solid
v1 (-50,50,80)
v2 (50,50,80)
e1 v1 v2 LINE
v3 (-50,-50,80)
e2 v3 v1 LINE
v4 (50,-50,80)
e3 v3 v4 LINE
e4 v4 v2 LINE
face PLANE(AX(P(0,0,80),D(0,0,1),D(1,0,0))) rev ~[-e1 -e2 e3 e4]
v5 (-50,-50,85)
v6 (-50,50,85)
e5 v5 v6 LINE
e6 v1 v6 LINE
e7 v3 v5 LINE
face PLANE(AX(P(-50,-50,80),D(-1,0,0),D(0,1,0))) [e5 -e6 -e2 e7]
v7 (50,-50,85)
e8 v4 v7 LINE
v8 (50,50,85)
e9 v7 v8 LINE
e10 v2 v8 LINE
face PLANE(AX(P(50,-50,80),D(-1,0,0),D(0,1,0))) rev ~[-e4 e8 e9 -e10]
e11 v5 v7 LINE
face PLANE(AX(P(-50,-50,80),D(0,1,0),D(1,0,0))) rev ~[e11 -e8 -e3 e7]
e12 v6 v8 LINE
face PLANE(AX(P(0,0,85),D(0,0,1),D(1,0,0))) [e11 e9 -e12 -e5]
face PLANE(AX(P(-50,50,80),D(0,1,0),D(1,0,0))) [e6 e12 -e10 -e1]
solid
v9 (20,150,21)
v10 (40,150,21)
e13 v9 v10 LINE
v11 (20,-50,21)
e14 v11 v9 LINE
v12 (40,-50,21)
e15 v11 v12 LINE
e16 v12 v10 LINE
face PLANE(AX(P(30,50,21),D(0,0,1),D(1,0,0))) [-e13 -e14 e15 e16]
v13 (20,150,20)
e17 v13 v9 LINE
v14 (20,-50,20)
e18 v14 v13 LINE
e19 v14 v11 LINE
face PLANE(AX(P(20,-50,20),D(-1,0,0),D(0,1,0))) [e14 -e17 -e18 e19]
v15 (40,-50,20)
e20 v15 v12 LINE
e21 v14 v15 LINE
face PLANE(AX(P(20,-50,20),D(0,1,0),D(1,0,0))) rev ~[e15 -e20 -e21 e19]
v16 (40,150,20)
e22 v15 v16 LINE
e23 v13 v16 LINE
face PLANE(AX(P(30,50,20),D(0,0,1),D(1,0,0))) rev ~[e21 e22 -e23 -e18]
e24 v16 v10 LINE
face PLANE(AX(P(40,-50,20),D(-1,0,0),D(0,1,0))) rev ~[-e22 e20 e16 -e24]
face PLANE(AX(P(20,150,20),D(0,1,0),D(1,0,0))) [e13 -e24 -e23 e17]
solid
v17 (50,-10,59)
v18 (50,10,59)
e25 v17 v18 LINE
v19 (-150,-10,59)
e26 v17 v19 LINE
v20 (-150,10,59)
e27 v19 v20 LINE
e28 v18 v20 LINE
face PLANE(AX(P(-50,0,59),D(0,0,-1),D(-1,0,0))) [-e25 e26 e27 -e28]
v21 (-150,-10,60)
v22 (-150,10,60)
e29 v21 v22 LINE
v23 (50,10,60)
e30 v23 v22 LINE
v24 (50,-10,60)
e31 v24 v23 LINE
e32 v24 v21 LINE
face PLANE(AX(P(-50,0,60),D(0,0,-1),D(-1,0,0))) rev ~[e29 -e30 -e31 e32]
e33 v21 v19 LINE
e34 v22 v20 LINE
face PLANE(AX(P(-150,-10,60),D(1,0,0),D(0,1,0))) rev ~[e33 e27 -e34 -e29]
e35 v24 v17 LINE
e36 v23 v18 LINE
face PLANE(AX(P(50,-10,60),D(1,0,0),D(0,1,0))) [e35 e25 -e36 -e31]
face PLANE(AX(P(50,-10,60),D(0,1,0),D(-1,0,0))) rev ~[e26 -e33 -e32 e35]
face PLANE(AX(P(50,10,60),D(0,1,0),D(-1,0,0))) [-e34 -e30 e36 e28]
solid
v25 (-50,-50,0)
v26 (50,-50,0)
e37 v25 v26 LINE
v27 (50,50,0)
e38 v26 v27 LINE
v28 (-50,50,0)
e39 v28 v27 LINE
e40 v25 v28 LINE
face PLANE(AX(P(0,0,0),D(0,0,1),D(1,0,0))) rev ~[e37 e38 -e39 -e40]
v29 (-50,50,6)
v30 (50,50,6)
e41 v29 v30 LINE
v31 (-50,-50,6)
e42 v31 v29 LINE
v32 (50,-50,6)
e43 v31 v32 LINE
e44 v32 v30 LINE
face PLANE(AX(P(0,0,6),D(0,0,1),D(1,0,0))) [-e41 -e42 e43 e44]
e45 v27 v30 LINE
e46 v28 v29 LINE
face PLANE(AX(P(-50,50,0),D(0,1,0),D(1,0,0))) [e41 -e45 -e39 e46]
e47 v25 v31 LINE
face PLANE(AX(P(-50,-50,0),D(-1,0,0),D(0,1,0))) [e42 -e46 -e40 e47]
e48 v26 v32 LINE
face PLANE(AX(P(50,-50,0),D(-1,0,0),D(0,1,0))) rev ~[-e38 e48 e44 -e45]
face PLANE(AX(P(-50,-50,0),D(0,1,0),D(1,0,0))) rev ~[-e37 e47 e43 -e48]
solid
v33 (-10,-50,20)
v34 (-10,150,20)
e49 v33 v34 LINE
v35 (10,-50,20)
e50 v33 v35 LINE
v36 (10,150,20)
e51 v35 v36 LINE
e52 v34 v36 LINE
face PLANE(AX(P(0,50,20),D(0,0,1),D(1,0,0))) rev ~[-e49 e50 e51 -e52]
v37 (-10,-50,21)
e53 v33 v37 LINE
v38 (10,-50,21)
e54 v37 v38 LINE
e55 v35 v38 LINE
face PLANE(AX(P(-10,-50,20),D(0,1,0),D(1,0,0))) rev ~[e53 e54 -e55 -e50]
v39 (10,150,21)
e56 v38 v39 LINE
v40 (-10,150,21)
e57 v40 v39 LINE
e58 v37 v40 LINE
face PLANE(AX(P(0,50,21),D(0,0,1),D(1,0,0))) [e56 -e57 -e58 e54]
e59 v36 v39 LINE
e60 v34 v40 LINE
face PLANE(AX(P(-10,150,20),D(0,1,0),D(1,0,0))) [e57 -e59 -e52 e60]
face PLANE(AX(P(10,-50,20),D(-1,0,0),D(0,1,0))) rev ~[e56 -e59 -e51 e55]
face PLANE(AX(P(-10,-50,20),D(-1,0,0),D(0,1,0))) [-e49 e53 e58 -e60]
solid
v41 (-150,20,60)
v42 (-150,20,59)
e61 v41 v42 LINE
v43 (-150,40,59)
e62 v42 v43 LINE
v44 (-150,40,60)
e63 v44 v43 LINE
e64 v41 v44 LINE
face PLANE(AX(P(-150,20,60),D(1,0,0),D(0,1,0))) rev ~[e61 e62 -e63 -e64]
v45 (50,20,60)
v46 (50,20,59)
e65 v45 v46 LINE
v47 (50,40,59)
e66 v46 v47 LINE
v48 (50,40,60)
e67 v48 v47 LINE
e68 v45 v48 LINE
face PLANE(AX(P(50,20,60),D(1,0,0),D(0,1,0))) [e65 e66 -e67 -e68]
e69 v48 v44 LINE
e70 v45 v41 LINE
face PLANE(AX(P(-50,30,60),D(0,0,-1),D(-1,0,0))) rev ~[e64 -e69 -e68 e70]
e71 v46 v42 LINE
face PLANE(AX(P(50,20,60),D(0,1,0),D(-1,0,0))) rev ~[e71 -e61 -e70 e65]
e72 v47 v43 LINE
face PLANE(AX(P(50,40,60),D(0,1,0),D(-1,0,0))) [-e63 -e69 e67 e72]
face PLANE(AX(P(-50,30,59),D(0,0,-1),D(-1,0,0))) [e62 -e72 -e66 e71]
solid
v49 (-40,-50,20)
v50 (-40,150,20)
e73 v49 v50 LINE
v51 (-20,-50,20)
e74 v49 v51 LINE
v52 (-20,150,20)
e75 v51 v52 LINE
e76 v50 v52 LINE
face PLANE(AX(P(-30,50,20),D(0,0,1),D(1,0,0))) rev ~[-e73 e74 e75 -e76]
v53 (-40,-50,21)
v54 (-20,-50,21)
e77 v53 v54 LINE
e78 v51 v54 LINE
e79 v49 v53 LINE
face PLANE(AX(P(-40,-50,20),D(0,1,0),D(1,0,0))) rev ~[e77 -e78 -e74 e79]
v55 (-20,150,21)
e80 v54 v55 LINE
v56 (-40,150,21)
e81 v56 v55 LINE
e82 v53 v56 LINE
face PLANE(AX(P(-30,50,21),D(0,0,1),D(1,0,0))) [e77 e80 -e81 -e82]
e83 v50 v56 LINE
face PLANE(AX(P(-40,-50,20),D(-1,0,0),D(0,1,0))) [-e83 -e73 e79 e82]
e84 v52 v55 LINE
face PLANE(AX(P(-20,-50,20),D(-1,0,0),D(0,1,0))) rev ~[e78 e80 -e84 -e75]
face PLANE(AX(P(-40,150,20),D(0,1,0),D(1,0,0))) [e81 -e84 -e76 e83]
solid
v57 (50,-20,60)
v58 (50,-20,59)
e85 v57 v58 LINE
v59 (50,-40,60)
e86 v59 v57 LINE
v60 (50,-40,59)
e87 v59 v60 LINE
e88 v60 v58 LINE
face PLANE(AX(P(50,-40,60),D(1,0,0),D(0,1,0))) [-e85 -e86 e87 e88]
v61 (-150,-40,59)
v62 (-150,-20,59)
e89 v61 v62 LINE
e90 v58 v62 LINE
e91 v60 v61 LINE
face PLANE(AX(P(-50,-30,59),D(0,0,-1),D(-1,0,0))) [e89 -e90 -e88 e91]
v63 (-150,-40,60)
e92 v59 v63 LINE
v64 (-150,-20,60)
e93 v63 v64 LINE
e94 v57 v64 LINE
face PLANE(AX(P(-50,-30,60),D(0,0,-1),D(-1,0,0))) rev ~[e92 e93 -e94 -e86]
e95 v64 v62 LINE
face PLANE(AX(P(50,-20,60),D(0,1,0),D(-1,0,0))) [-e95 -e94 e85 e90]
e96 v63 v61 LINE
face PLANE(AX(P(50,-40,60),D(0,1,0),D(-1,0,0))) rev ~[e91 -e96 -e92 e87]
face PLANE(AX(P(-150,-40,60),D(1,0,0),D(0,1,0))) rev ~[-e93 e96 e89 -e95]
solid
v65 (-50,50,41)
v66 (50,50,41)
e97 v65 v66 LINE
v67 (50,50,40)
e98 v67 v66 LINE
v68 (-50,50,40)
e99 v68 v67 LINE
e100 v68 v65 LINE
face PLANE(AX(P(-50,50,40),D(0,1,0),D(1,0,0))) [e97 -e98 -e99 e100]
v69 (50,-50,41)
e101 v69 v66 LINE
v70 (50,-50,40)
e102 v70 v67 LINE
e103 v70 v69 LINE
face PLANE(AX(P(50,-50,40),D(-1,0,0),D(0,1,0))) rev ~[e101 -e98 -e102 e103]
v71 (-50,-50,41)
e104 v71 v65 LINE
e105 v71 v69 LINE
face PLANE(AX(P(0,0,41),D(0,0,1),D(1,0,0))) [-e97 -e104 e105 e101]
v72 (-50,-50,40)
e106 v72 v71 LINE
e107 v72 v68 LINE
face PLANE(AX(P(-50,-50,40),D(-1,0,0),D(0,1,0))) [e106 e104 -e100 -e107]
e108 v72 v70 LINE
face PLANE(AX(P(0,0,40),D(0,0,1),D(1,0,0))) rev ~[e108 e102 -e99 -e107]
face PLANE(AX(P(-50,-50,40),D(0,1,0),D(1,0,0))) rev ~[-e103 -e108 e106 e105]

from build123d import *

# Parameters (mm, degrees)
SZKIC1_W                      = 100
SZKIC1_H                      = 100
DODANIE_WYCI_GNI_CIE1_DEPTH   = 6
DODANIE_WYCI_GNI_CIE2_START   = 40
SZKIC1_2_W                    = 100
SZKIC1_2_H                    = 100
DODANIE_WYCI_GNI_CIE2_DEPTH   = 1
DODANIE_WYCI_GNI_CIE3_START   = 80
SZKIC1_3_W                    = 100
SZKIC1_3_H                    = 100
DODANIE_WYCI_GNI_CIE3_DEPTH   = 5
DODANIE_WYCI_GNI_CIE5_START   = 20
SZKIC2_W                      = 20
SZKIC2_H                      = 200
DODANIE_WYCI_GNI_CIE5_DEPTH   = 1
DODANIE_WYCI_GNI_CIE5_2_DEPTH = 1
DODANIE_WYCI_GNI_CIE5_3_DEPTH = 1
DODANIE_WYCI_GNI_CIE6_START   = -60
SZKIC4_W                      = 200
SZKIC4_H                      = 20
DODANIE_WYCI_GNI_CIE6_DEPTH   = 1
DODANIE_WYCI_GNI_CIE6_2_DEPTH = 1
DODANIE_WYCI_GNI_CIE6_3_DEPTH = 1


with BuildPart() as part:
    # Szkic1 → Dodanie-wyciągnięcie1 (new body)
    with BuildSketch(Plane.XY):
        Rectangle(SZKIC1_W, SZKIC1_H)
    extrude(amount=DODANIE_WYCI_GNI_CIE1_DEPTH)


with BuildPart() as body_2:
    # Szkic1<2> → Dodanie-wyciągnięcie2 (new body)
    with BuildSketch(Plane.XY.offset(DODANIE_WYCI_GNI_CIE2_START)):
        Rectangle(SZKIC1_2_W, SZKIC1_2_H)
    extrude(amount=DODANIE_WYCI_GNI_CIE2_DEPTH)


with BuildPart() as body_3:
    # Szkic1<3> → Dodanie-wyciągnięcie3 (new body)
    with BuildSketch(Plane.XY.offset(DODANIE_WYCI_GNI_CIE3_START)):
        Rectangle(SZKIC1_3_W, SZKIC1_3_H)
    extrude(amount=DODANIE_WYCI_GNI_CIE3_DEPTH)


with BuildPart() as body_4:
    # Szkic2 → Dodanie-wyciągnięcie5 (new body)
    with BuildSketch(Plane.XY.offset(DODANIE_WYCI_GNI_CIE5_START)):
        with Locations((0, 50)):
            Rectangle(SZKIC2_W, SZKIC2_H)
    extrude(amount=DODANIE_WYCI_GNI_CIE5_DEPTH)


with BuildPart() as body_5:
    # Szkic2 → Dodanie-wyci_gni_cie5 2 (new body)
    with BuildSketch(Plane.XY.offset(DODANIE_WYCI_GNI_CIE5_START)):
        with Locations((-30, 50)):
            Rectangle(SZKIC2_W, SZKIC2_H)
    extrude(amount=DODANIE_WYCI_GNI_CIE5_2_DEPTH)


with BuildPart() as body_6:
    # Szkic2 → Dodanie-wyci_gni_cie5 3 (new body)
    with BuildSketch(Plane.XY.offset(DODANIE_WYCI_GNI_CIE5_START)):
        with Locations((30, 50)):
            Rectangle(SZKIC2_W, SZKIC2_H)
    extrude(amount=DODANIE_WYCI_GNI_CIE5_3_DEPTH)


with BuildPart() as body_7:
    # Szkic4 → Dodanie-wyciągnięcie6 (new body)
    with BuildSketch(Plane(origin=(0, 0, 0), x_dir=(-1, 0, 0), z_dir=(0, 0, -1)).offset(DODANIE_WYCI_GNI_CIE6_START)):
        with Locations((50, 0)):
            Rectangle(SZKIC4_W, SZKIC4_H)
    extrude(amount=DODANIE_WYCI_GNI_CIE6_DEPTH)


with BuildPart() as body_8:
    # Szkic4 → Dodanie-wyci_gni_cie6 2 (new body)
    with BuildSketch(Plane(origin=(0, 0, 0), x_dir=(-1, 0, 0), z_dir=(0, 0, -1)).offset(DODANIE_WYCI_GNI_CIE6_START)):
        with Locations((50, -30)):
            Rectangle(SZKIC4_W, SZKIC4_H)
    extrude(amount=DODANIE_WYCI_GNI_CIE6_2_DEPTH)


with BuildPart() as body_9:
    # Szkic4 → Dodanie-wyci_gni_cie6 3 (new body)
    with BuildSketch(Plane(origin=(0, 0, 0), x_dir=(-1, 0, 0), z_dir=(0, 0, -1)).offset(DODANIE_WYCI_GNI_CIE6_START)):
        with Locations((50, 30)):
            Rectangle(SZKIC4_W, SZKIC4_H)
    extrude(amount=DODANIE_WYCI_GNI_CIE6_3_DEPTH)


solid = Compound([part.part, body_2.part, body_3.part, body_4.part, body_5.part, body_6.part, body_7.part, body_8.part, body_9.part])
